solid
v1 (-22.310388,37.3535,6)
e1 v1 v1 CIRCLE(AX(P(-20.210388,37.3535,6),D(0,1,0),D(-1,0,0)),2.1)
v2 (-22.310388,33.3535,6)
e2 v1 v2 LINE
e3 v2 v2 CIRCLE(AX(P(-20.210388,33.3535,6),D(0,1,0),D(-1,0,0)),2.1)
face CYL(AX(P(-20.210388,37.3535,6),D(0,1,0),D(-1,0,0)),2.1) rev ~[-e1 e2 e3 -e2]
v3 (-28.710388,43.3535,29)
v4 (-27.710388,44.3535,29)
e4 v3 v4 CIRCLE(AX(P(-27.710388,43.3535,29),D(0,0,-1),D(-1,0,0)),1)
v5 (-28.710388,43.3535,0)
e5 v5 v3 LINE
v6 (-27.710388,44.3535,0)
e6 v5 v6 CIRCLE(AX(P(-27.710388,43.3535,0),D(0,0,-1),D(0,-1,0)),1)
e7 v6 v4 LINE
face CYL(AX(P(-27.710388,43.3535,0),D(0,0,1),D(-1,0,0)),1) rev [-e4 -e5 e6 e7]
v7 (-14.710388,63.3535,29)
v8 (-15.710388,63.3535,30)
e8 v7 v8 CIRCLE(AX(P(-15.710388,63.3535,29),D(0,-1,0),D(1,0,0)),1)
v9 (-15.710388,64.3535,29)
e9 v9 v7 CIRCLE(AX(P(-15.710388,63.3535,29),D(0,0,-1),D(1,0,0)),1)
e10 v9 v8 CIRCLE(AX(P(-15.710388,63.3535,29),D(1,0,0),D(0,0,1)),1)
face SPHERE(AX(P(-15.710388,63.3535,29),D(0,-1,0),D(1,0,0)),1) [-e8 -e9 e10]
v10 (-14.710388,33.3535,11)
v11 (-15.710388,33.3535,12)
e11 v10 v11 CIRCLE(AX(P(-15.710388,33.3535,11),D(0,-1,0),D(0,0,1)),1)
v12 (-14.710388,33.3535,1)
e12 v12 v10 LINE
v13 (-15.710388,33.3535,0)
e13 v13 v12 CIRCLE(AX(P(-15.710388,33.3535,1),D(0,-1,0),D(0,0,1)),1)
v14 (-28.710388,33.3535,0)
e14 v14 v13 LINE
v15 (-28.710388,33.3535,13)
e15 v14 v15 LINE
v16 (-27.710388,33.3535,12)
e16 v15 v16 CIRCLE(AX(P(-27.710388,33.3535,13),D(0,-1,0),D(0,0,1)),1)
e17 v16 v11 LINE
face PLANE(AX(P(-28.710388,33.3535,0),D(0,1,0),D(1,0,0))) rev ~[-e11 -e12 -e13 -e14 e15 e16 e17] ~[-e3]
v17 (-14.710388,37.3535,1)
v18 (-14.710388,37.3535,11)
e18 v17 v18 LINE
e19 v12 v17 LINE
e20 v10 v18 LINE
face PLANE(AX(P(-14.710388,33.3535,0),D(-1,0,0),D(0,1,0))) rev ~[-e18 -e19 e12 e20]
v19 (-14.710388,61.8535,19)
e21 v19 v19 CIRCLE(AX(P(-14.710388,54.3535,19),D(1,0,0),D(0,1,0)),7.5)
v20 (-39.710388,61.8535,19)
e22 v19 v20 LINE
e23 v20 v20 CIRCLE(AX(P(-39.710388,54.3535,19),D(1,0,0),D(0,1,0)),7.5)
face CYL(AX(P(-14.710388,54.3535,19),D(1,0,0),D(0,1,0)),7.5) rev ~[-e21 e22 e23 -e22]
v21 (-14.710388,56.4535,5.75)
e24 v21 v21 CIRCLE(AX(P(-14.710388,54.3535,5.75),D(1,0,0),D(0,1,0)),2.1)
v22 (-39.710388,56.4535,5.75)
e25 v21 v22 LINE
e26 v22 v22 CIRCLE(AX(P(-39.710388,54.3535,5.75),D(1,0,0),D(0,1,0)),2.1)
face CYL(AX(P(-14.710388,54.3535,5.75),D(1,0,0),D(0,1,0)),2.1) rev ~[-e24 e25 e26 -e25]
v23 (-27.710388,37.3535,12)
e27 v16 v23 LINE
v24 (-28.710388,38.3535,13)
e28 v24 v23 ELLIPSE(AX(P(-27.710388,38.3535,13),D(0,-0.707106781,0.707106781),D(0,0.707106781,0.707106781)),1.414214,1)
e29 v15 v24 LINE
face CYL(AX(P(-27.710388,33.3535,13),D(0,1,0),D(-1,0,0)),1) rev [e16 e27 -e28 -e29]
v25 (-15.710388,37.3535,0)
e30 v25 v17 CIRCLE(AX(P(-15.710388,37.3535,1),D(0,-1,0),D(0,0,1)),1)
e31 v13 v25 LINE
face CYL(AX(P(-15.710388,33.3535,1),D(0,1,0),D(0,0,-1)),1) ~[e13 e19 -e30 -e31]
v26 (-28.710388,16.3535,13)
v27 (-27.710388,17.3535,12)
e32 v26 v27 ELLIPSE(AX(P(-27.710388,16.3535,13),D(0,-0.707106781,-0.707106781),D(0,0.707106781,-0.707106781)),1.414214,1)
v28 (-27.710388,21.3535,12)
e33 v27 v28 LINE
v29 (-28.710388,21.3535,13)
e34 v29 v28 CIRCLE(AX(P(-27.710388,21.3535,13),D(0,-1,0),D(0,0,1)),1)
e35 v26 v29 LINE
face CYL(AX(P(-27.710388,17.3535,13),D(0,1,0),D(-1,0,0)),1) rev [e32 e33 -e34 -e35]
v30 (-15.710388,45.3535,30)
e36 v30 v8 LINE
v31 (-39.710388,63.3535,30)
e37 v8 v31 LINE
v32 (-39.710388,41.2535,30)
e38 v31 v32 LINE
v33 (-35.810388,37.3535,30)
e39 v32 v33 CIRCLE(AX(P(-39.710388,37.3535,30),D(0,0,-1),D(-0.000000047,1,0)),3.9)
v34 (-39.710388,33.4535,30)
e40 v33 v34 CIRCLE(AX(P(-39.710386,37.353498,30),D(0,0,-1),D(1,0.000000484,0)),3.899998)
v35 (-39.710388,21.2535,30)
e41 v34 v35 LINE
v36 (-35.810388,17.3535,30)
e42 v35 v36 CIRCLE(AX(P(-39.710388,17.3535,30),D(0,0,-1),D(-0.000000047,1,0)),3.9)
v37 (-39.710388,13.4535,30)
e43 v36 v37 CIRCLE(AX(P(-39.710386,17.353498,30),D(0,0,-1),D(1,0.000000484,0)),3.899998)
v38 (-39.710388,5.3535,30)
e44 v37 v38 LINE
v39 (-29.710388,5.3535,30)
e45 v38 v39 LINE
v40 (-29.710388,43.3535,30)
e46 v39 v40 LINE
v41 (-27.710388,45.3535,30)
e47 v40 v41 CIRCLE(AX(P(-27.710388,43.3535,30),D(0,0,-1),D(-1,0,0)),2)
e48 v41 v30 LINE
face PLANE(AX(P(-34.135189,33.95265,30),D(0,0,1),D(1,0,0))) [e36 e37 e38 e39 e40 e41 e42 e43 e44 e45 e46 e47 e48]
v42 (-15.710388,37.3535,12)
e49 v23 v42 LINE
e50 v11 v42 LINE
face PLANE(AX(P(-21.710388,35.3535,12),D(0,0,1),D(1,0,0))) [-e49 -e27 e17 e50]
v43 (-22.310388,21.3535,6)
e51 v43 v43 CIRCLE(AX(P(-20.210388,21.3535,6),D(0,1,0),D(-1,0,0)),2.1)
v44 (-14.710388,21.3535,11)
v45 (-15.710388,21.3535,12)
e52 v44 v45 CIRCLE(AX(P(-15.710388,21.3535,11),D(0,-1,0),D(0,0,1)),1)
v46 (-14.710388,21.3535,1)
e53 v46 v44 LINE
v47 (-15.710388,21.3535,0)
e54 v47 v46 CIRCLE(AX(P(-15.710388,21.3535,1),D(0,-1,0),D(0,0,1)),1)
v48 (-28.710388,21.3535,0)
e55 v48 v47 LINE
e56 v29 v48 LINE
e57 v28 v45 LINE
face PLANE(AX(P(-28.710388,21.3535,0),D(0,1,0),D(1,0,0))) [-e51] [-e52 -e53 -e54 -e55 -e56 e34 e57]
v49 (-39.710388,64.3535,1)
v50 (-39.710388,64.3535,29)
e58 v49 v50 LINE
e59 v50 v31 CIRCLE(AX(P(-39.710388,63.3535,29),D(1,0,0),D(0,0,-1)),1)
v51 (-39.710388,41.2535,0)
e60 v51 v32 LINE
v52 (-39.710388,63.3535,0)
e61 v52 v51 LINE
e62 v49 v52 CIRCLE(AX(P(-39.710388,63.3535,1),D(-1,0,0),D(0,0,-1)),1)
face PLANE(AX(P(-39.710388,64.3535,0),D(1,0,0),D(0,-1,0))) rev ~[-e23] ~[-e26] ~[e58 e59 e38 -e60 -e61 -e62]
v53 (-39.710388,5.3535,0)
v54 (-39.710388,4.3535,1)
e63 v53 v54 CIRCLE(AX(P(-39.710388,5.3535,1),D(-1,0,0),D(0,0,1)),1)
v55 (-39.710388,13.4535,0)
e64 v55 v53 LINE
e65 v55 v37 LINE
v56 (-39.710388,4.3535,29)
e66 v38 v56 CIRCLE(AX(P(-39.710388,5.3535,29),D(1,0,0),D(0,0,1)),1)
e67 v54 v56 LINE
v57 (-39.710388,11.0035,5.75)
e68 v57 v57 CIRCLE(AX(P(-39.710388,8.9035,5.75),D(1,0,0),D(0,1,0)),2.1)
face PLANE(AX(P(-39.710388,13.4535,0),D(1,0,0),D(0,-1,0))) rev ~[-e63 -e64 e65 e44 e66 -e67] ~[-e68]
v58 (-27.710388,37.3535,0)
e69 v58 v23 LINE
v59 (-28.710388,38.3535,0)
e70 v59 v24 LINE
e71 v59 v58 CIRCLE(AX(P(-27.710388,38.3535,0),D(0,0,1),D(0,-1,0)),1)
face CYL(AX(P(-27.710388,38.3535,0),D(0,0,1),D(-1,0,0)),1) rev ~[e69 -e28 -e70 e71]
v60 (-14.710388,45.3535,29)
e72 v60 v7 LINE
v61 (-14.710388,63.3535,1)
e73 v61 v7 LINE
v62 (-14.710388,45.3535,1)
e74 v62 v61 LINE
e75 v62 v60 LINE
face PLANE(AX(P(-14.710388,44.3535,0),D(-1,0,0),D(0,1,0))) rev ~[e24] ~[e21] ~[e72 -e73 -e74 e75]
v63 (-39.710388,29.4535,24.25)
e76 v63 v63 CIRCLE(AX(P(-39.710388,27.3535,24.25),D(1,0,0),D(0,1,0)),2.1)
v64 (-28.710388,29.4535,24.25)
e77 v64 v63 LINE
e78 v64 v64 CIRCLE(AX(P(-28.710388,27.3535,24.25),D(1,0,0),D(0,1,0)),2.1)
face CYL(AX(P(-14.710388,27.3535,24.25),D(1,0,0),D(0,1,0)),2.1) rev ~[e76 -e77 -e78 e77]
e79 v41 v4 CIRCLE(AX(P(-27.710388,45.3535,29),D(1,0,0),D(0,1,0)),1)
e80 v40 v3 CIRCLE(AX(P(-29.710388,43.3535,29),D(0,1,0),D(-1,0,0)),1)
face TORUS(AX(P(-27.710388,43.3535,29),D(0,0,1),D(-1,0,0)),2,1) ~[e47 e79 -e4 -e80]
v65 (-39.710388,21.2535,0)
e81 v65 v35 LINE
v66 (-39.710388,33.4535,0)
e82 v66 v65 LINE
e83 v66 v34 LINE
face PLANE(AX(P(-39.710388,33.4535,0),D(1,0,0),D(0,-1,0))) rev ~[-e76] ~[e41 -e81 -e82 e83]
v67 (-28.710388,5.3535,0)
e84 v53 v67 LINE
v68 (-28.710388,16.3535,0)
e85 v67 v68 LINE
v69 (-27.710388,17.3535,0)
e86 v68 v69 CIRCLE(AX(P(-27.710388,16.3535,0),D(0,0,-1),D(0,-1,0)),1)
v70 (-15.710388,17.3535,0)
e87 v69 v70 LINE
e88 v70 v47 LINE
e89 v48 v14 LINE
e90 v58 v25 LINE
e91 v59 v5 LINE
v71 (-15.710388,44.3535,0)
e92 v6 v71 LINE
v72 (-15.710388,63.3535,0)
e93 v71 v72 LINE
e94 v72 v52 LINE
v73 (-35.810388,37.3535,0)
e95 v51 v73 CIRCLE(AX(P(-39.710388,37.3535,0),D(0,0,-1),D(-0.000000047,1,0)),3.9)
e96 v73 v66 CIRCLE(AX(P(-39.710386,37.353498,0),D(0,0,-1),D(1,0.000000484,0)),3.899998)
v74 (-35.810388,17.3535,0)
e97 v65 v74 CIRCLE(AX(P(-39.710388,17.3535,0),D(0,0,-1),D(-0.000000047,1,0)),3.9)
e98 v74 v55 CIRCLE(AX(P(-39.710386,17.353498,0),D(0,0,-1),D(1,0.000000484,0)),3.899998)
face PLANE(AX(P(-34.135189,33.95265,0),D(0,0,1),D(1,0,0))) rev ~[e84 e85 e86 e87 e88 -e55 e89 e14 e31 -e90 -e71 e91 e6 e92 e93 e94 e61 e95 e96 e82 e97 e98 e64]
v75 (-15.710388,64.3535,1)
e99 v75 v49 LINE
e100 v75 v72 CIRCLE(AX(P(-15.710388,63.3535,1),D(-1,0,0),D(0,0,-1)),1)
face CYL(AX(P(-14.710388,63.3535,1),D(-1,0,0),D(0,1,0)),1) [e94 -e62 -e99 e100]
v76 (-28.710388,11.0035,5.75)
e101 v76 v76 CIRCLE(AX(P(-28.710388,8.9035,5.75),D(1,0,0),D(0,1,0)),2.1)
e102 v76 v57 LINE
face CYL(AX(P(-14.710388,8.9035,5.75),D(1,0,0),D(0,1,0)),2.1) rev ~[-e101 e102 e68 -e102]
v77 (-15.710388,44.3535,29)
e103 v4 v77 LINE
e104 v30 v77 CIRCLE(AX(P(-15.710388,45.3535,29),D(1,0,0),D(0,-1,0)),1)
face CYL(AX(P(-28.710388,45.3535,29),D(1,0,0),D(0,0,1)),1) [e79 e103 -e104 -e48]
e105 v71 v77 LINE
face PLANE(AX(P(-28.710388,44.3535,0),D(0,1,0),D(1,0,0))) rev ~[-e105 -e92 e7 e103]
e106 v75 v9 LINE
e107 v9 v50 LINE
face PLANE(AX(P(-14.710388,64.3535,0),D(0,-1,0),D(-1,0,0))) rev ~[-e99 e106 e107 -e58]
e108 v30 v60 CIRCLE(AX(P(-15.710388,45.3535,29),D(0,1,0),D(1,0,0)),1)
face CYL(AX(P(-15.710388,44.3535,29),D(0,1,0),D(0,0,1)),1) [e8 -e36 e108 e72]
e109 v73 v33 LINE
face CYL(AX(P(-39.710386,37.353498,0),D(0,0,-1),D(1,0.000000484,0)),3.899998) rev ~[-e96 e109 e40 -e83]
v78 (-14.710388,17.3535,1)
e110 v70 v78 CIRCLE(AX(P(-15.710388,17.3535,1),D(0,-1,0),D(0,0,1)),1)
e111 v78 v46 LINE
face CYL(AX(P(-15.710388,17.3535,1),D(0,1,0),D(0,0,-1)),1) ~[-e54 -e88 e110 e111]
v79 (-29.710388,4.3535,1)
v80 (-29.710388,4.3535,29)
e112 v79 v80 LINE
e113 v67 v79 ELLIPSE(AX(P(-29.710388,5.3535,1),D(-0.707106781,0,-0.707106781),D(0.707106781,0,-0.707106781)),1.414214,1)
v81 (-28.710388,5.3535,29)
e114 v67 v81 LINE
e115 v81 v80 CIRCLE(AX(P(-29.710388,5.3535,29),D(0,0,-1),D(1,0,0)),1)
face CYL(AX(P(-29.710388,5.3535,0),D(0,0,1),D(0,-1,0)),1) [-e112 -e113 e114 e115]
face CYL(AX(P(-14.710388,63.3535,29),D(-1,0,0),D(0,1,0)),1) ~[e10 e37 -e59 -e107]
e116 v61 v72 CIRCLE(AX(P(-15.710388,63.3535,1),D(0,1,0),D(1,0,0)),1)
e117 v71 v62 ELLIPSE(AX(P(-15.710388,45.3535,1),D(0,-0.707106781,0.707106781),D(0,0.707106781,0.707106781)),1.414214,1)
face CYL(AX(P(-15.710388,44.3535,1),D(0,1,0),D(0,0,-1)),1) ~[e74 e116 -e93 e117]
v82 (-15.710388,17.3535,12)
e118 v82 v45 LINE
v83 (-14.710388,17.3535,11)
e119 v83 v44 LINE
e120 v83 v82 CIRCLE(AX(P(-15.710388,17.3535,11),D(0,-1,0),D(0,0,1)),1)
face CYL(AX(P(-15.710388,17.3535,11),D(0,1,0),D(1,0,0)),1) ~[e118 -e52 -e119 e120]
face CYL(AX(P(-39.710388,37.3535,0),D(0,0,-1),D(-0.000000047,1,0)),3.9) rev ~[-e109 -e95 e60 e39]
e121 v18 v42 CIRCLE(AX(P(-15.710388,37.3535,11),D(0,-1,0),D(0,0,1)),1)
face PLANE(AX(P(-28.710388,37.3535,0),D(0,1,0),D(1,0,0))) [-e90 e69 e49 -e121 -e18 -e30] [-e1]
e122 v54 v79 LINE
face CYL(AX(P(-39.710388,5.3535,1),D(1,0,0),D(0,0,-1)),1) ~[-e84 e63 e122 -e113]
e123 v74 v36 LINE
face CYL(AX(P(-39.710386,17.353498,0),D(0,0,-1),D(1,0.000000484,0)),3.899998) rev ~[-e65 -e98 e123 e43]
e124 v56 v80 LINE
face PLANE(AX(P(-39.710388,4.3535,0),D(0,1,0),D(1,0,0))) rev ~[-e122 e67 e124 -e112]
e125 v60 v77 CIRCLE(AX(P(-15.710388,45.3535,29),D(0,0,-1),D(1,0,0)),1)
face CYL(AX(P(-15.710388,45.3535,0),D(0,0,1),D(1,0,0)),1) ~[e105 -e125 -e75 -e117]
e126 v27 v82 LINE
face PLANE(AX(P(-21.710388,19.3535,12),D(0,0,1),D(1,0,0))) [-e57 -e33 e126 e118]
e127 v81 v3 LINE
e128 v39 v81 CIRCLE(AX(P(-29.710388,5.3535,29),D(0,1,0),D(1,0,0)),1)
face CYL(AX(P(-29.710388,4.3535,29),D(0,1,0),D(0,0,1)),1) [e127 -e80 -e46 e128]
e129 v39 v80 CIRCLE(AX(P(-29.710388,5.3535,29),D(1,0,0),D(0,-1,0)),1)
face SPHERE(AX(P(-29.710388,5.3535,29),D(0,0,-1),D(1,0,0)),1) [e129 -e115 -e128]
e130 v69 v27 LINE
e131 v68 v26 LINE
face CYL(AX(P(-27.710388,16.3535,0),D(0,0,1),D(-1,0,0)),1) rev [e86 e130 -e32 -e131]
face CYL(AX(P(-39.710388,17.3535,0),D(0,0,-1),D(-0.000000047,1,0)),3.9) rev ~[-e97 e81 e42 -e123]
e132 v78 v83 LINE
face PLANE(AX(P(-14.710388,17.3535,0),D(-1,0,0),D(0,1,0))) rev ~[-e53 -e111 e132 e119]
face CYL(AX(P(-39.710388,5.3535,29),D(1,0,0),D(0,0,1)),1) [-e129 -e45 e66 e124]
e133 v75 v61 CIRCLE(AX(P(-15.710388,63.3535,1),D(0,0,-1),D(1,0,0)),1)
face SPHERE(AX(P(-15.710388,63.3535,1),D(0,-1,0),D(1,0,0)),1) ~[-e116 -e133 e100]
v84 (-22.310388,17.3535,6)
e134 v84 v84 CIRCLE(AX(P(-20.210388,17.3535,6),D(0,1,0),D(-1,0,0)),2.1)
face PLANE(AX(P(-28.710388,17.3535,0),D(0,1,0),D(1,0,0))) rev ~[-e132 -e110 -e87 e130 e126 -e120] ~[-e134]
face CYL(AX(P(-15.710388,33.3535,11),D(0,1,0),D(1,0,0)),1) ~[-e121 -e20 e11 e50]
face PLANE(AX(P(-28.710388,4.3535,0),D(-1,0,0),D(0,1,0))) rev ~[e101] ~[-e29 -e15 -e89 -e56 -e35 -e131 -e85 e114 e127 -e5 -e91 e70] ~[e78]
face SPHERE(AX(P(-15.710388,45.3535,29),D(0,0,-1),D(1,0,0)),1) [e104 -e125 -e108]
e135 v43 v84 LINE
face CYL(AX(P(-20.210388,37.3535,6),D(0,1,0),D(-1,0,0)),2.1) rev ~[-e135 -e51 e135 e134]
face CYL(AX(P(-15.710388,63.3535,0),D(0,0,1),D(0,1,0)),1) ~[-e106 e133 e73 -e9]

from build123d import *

# Parameters (mm, degrees)
F0_W     = 14
F0_H     = 20
F1_DEPTH = 30
F0_H_2   = 4
F2_DEPTH = 12
F3_R     = 7.5
F3_R_2   = 2.1
F4_DEPTH = 25.001
F5_R     = 2.1
F6_DEPTH = 25
F7_R     = 1


with BuildPart() as f1:
    # F0 (on Top) → F1 (new body)
    with BuildSketch(Plane.XY):
        with BuildLine():
            Line((-28.710388, 64.3535), (-39.710388, 64.3535))
            Line((-39.710388, 64.3535), (-39.710388, 41.2535))
            ThreePointArc((-39.710388, 41.2535), (-36.952671, 40.111216), (-35.810388, 37.3535))
            ThreePointArc((-35.810388, 37.3535), (-36.952671, 34.595783), (-39.710388, 33.4535))
            Line((-39.710388, 33.4535), (-39.710388, 21.2535))
            ThreePointArc((-39.710388, 21.2535), (-36.952671, 20.111216), (-35.810388, 17.3535))
            ThreePointArc((-35.810388, 17.3535), (-36.952671, 14.595783), (-39.710388, 13.4535))
            Line((-39.710388, 13.4535), (-39.710388, 4.3535))
            Line((-39.710388, 4.3535), (-28.710388, 4.3535))
            Line((-28.710388, 4.3535), (-28.710388, 17.3535))
            Line((-28.710388, 17.3535), (-28.710388, 21.3535))
            Line((-28.710388, 21.3535), (-28.710388, 33.3535))
            Line((-28.710388, 33.3535), (-28.710388, 37.3535))
            Line((-28.710388, 37.3535), (-28.710388, 44.3535))
            Line((-28.710388, 44.3535), (-28.710388, 64.3535))
        make_face()
        with Locations((-21.710388, 54.3535)):
            Rectangle(F0_W, F0_H)
    extrude(amount=F1_DEPTH)

    # F0 (on Top) → F2 (join)
    with BuildSketch(Plane.XY):
        with Locations((-21.710388, 35.3535)):
            Rectangle(F0_W, F0_H_2)
        with Locations((-21.710388, 19.3535)):
            Rectangle(F0_W, F0_H_2)
    extrude(amount=F2_DEPTH)

    # F3 (on face) → F4 (cut, through all)
    with BuildSketch(Plane.YZ.offset(-14.710388)):
        with Locations((54.3535, 19)):
            Circle(F3_R)
        with Locations((54.3535, 5.75)):
            Circle(F3_R_2)
        with Locations((27.3535, 24.25)):
            Circle(F3_R_2)
        with Locations((8.9035, 5.75)):
            Circle(F3_R_2)
    extrude(amount=-F4_DEPTH, mode=Mode.SUBTRACT)

    # F5 (on face) → F6 (cut)
    with BuildSketch(Plane(origin=(0, 37.3535, 0), x_dir=(-1, 0, 0), z_dir=(0, 1, 0))):
        with Locations((20.210388, 6)):
            Circle(F5_R)
    extrude(amount=-F6_DEPTH, mode=Mode.SUBTRACT)

    # F7
    f7_edges = [f1.edges().sort_by_distance(p)[0] for p in [
        (-14.710388, 35.3535, 12),
        (-14.710388, 19.3535, 12),
        (-14.710388, 19.3535, 0),
        (-14.710388, 54.3535, 0),
        (-14.710388, 44.3535, 15),
        (-14.710388, 54.3535, 30),
        (-14.710388, 64.3535, 15),
        (-27.210388, 64.3535, 0),
        (-27.210388, 64.3535, 30),
        (-34.210388, 4.3535, 0),
        (-28.710388, 4.3535, 15),
        (-28.710388, 24.3535, 30),
        (-21.710388, 44.3535, 30),
        (-28.710388, 19.3535, 12),
        (-28.710388, 35.3535, 12),
        (-28.710388, 37.3535, 6),
        (-28.710388, 17.3535, 6),
        (-34.210388, 4.3535, 30),
        (-28.710388, 44.3535, 15),
        (-14.710388, 35.3535, 0),
    ]]
    fillet(f7_edges, radius=F7_R)


solid = f1.part
